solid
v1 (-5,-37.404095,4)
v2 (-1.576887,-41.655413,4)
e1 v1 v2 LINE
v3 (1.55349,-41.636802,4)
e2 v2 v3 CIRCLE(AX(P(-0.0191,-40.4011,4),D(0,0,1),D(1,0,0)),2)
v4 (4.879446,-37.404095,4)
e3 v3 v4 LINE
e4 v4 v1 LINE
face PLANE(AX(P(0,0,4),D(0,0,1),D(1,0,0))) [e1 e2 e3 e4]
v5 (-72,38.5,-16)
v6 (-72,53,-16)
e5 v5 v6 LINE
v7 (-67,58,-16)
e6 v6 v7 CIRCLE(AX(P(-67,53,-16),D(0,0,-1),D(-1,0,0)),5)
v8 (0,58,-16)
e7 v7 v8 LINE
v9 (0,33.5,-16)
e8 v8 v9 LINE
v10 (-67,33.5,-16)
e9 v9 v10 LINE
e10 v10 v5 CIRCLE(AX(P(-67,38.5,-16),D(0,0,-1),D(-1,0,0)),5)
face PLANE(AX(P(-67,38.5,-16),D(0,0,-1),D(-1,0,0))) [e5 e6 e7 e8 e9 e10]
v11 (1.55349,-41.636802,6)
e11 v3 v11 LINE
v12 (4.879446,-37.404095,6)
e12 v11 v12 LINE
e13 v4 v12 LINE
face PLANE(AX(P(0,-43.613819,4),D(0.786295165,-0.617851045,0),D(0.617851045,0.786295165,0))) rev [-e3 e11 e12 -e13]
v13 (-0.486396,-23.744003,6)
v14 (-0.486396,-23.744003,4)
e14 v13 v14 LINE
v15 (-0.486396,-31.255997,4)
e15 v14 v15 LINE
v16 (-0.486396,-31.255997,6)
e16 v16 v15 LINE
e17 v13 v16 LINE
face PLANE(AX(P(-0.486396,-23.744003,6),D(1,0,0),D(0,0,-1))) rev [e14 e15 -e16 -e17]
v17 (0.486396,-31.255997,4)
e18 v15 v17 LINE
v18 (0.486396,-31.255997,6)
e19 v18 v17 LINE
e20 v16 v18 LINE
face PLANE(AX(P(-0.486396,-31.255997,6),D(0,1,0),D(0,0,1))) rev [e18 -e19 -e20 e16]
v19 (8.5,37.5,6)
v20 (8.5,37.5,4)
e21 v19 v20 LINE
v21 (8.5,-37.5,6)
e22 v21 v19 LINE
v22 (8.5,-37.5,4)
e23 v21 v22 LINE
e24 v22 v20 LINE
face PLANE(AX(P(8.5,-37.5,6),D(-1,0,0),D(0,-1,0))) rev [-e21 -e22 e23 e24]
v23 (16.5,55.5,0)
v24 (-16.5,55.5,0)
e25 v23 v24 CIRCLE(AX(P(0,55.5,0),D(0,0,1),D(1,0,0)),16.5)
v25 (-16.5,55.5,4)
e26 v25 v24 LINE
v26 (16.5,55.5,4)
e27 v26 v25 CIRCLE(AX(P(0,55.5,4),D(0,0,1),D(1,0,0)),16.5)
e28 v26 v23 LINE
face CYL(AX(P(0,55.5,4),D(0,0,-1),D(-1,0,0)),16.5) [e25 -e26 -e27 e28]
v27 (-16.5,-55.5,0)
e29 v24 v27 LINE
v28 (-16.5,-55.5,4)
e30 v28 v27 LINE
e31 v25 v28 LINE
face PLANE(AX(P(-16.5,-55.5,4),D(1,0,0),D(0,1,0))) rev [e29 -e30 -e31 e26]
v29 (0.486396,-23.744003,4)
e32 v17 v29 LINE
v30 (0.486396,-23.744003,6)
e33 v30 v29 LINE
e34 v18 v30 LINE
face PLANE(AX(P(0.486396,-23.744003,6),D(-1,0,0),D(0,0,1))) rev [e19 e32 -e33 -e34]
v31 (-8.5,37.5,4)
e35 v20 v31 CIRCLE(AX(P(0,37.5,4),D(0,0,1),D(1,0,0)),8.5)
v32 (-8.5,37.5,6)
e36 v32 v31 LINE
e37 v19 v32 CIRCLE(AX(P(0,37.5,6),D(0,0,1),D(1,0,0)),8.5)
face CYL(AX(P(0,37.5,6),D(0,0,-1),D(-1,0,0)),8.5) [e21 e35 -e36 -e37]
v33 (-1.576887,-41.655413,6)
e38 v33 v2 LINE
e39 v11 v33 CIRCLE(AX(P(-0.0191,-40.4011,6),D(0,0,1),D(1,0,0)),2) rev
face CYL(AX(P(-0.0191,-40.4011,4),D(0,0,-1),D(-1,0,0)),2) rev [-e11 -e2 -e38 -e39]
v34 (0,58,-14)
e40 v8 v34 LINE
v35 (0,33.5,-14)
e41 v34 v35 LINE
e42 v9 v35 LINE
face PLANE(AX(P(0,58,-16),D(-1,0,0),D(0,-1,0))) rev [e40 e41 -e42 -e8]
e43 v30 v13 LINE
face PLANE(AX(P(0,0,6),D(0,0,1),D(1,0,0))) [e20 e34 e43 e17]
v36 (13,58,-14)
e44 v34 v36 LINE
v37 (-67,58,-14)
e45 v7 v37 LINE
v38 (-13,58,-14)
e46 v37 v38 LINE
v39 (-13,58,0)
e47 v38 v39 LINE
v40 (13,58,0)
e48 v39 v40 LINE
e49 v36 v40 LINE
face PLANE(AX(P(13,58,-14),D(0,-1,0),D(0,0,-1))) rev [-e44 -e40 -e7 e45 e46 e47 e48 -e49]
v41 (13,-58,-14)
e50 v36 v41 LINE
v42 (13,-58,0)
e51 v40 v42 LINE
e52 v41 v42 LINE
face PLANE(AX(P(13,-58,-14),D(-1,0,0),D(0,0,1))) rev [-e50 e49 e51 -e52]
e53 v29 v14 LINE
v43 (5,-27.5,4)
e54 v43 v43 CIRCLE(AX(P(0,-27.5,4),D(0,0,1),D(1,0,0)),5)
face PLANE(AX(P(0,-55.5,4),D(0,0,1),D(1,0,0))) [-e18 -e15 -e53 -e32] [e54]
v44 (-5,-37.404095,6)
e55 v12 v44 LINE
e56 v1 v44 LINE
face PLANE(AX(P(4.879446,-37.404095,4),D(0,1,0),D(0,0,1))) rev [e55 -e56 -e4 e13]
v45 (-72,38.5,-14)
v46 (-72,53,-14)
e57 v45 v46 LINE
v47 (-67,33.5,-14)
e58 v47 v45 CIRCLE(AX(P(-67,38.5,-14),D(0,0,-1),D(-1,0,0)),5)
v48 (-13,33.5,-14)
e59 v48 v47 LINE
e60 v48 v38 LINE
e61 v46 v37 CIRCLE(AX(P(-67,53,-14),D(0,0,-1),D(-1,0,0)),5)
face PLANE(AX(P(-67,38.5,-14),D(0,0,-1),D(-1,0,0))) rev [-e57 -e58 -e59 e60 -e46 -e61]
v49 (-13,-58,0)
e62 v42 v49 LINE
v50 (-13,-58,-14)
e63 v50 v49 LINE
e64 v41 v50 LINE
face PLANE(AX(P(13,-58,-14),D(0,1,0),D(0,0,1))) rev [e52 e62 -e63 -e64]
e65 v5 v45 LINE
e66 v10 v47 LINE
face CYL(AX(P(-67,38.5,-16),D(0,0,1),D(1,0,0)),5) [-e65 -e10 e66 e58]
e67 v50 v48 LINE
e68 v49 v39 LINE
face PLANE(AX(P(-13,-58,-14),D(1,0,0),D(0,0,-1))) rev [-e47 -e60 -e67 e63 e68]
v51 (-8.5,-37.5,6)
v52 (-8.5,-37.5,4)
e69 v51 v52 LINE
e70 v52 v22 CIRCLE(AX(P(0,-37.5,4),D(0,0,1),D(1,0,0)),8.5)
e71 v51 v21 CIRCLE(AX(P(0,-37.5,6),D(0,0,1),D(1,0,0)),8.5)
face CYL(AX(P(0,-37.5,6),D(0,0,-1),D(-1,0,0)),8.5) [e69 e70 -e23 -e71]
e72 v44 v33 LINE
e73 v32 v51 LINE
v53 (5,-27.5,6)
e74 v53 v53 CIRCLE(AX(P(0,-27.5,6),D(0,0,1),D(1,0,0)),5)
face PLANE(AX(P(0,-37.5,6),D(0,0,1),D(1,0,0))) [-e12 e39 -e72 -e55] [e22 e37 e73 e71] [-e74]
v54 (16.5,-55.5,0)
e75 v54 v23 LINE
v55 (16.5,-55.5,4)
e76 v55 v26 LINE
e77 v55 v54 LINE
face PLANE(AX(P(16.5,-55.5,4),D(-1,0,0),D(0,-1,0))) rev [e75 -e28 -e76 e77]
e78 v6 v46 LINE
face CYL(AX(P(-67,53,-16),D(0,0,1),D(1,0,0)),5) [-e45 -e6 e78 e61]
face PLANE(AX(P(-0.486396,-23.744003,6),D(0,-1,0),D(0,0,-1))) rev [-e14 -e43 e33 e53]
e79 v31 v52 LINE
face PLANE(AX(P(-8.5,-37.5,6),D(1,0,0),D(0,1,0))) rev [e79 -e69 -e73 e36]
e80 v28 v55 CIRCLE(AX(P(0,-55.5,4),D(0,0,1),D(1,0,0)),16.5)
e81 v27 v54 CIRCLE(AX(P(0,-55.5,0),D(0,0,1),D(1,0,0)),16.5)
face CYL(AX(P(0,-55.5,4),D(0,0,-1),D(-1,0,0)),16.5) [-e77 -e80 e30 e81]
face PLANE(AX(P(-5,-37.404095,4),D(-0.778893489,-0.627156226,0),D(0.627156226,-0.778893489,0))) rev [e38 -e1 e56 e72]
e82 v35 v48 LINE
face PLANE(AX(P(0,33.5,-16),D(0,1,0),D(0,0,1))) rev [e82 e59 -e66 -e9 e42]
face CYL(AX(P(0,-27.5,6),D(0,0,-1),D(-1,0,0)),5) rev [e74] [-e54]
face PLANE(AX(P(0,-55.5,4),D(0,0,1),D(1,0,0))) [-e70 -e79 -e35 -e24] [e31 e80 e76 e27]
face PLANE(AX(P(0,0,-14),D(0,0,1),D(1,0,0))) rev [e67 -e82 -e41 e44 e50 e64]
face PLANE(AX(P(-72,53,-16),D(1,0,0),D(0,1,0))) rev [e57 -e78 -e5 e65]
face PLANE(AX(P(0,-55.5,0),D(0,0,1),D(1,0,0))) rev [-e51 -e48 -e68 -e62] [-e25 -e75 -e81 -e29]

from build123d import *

# Parameters (mm, degrees)
EXTRUDE_1_DEPTH     = 4
SKETCH_2_R          = 5
EXTRUDE_2_DEPTH     = 2
SKETCH_3_W          = 0.972791726
SKETCH_3_H          = 7.511993454
EXTRUDE_3_DEPTH     = 2
CUT_EXTRUDE_1_DEPTH = 2
FILLET_1_R          = 2
SKETCH_5_W          = 26
SKETCH_5_H          = 116
EXTRUDE_4_DEPTH     = 14
EXTRUDE_5_DEPTH     = 2


with BuildPart() as part:
    # 草图1 → 凸台-拉伸1 (new body)
    with BuildSketch(Plane.XY):
        with BuildLine():
            Line((-16.5, -55.5), (-16.5, 55.5))
            ThreePointArc((-16.5, 55.5), (0, 72), (16.5, 55.5))
            Line((16.5, 55.5), (16.5, -55.5))
            ThreePointArc((16.5, -55.5), (0, -72), (-16.5, -55.5))
        make_face()
    extrude(amount=EXTRUDE_1_DEPTH)

    # 草图2 → 凸台-拉伸2 (add)
    with BuildSketch(Plane.XY.offset(4)):
        with BuildLine():
            Line((-8.5, -37.5), (-8.5, 37.5))
            ThreePointArc((-8.5, 37.5), (0, 46), (8.5, 37.5))
            Line((8.5, 37.5), (8.5, -37.5))
            ThreePointArc((8.5, -37.5), (0, -46), (-8.5, -37.5))
        make_face()
        with Locations((0, -27.5)):
            Circle(SKETCH_2_R, mode=Mode.SUBTRACT)
    extrude(amount=EXTRUDE_2_DEPTH)

    # 草图3 → 凸台-拉伸3 (add)
    with BuildSketch(Plane.XY.offset(4)):
        with Locations((0, -27.5)):
            Rectangle(SKETCH_3_W, SKETCH_3_H)
    extrude(amount=EXTRUDE_3_DEPTH)

    # 草图4 → 切除-拉伸1 (cut)
    with BuildSketch(Plane.XY.offset(6)):
        Polygon((0, -43.613819341), (4.879446047, -37.404094744), (-5, -37.404094744), align=None)
    extrude(amount=-CUT_EXTRUDE_1_DEPTH, mode=Mode.SUBTRACT)

    # 圆角1
    fillet_1_edges = [part.edges().sort_by_distance(p)[0] for p in [
        (0, -43.613819341, 5),
    ]]
    fillet(fillet_1_edges, radius=FILLET_1_R)

    # 草图5 → 凸台-拉伸4 (add)
    with BuildSketch(Plane(origin=(0, 0, 0), x_dir=(-1, 0, 0), z_dir=(0, 0, -1))):
        Rectangle(SKETCH_5_W, SKETCH_5_H)
    extrude(amount=EXTRUDE_4_DEPTH)

    # 草图6 → 凸台-拉伸5 (add)
    with BuildSketch(Plane(origin=(0, 0, -14), x_dir=(-1, 0, 0), z_dir=(0, 0, -1))):
        with BuildLine():
            Line((0, 58), (67, 58))
            ThreePointArc((67, 58), (70.535533906, 56.535533906), (72, 53))
            Line((72, 53), (72, 38.5))
            ThreePointArc((72, 38.5), (70.535533906, 34.964466094), (67, 33.5))
            Line((67, 33.5), (0, 33.5))
            Line((0, 33.5), (0, 58))
        make_face()
    extrude(amount=EXTRUDE_5_DEPTH)


solid = part.part
